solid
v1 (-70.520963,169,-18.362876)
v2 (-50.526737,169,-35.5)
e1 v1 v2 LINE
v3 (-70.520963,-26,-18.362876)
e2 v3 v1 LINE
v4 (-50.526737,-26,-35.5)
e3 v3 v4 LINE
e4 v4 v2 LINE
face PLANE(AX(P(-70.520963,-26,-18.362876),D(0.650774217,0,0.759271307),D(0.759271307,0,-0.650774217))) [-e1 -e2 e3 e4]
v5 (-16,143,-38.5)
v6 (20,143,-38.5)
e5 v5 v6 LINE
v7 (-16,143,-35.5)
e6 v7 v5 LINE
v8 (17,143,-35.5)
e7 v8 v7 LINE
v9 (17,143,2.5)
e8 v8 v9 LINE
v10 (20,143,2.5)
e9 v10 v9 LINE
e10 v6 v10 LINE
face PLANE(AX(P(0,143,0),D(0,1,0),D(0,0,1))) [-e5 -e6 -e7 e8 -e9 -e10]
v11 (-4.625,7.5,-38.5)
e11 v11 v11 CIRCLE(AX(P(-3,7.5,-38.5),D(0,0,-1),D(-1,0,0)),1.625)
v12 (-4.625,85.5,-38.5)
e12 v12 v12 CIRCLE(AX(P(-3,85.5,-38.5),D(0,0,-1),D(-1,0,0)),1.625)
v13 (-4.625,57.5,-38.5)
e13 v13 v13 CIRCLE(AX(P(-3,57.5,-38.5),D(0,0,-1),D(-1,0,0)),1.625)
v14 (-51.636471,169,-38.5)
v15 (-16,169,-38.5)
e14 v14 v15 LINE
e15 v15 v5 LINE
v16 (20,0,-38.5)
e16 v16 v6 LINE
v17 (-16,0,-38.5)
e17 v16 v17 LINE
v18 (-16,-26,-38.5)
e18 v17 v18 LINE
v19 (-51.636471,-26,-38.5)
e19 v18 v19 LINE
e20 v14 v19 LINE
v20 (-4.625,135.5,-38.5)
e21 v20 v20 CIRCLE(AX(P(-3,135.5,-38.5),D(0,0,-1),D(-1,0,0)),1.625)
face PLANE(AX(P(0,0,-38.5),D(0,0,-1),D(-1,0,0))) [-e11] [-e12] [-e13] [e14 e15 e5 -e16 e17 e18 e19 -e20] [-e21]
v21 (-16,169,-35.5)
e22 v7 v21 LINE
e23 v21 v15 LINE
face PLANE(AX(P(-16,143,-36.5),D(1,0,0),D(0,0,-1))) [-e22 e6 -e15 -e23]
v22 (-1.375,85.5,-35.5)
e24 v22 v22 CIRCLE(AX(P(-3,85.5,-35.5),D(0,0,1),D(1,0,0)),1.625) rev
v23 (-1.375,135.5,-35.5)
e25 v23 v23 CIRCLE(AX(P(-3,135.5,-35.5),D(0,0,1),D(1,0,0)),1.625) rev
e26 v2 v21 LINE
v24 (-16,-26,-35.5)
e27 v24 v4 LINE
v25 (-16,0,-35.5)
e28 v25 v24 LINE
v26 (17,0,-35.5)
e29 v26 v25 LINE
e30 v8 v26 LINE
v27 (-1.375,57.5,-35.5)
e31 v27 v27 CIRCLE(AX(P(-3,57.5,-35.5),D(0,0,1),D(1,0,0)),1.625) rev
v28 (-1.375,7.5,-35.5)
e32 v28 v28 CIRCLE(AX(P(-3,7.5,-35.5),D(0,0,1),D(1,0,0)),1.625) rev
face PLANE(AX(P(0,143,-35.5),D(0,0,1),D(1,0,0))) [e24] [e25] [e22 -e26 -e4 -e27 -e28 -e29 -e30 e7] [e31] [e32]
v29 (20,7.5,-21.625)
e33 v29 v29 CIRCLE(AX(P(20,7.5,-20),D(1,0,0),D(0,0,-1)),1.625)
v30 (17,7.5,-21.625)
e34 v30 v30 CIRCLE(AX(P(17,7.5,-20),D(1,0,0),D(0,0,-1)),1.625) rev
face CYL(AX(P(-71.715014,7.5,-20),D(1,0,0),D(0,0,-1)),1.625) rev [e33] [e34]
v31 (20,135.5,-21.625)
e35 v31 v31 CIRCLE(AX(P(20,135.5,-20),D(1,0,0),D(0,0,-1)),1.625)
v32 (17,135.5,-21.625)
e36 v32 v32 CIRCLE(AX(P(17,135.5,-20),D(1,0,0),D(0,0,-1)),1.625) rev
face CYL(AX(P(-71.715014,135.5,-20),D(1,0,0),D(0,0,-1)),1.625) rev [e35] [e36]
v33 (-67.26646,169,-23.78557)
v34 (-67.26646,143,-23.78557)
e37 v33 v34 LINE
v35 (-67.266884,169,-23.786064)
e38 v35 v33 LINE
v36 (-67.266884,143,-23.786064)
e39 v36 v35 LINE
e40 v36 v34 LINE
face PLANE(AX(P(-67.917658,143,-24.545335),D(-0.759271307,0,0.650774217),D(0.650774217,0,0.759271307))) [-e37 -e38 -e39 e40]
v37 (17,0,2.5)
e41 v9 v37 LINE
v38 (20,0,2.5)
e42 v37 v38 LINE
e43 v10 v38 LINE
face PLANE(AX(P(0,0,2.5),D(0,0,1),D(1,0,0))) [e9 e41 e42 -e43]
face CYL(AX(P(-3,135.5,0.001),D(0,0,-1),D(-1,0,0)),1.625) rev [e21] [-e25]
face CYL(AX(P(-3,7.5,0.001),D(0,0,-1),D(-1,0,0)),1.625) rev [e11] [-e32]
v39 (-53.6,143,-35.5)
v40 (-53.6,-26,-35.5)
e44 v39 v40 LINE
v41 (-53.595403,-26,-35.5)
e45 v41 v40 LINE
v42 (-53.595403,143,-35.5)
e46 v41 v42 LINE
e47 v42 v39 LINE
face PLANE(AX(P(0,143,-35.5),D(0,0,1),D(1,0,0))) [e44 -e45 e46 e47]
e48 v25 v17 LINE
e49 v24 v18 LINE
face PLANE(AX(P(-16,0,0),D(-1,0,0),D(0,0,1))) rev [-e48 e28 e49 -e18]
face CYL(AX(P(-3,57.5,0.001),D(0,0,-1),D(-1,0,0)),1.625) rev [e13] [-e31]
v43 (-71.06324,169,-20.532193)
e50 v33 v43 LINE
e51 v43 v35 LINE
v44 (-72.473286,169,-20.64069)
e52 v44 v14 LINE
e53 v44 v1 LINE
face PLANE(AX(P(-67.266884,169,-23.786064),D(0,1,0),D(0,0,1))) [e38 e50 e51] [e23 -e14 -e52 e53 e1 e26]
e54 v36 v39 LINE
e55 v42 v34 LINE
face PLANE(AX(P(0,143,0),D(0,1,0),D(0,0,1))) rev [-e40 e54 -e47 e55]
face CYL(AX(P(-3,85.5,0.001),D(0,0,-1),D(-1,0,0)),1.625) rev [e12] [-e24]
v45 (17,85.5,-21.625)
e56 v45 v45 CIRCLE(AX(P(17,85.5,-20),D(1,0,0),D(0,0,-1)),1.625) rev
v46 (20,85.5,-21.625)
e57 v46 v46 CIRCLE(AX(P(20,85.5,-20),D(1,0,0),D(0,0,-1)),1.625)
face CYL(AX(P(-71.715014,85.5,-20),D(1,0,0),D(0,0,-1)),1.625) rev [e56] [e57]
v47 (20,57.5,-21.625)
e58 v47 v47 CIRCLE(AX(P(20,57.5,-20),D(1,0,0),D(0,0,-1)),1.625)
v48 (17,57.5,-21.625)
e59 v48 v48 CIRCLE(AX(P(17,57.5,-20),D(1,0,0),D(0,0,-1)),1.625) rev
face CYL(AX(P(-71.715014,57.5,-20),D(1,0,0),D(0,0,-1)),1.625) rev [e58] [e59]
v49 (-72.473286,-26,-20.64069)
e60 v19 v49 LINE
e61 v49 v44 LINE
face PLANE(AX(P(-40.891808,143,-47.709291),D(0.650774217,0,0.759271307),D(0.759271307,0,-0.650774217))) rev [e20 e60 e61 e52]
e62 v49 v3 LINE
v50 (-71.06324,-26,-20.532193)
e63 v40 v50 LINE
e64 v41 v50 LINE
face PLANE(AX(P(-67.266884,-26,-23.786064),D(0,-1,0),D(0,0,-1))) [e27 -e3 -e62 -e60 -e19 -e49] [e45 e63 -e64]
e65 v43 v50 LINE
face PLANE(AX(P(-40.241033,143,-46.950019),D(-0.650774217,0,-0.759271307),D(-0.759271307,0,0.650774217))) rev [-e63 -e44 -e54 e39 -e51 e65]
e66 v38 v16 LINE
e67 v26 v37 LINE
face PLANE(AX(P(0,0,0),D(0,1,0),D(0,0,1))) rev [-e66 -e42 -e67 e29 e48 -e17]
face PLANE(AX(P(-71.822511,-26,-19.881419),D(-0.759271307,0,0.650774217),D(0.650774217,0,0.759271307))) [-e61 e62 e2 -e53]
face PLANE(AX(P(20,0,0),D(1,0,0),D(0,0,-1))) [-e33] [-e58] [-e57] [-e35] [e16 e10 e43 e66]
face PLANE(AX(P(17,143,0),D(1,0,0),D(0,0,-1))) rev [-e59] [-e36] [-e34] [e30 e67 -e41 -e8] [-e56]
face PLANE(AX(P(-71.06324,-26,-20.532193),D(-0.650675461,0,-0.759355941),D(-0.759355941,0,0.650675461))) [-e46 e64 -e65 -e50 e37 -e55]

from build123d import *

# Parameters (mm, degrees)
SALIENTE_EXTRUIR1_DEPTH    = 143
CORTAR_EXTRUIR1_REACH      = 91.714
CROQUIS2_R                 = 1.625
CORTAR_EXTRUIR2_REACH      = 38.5
CROQUIS3_R                 = 1.625
CROQUIS4_W                 = 7.355559709
CROQUIS4_H                 = 144.434060974
CORTAR_EXTRUIR3_DEPTH      = 30
SALIENTE_EXTRUIR2_DEPTH    = 1
CROQUIS6_W                 = 1
CROQUIS6_H                 = 143
SALIENTE_EXTRUIR3_DEPTH    = 3.5
SALIENTE_EXTRUIR4_DEPTH    = 26
SALIENTE_EXTRUIR5_DEPTH    = 26
SALIENTE_EXTRUIR6_DEPTH    = 195
CROQUIS10_R                = 1.625
SALIENTE_EXTRUIR7_DEPTH    = 2
CORTAR_EXTRUIR4_DEPTH      = 1
CORTAR_EXTRUIR4_DEPTH_BACK = 196
CROQUIS12_W                = 41
CROQUIS12_H                = 143
CROQUIS12_R                = 1.625
SALIENTE_EXTRUIR8_DEPTH    = 2


with BuildPart() as part:
    # Croquis1 → Saliente-Extruir1 (new body)
    with BuildSketch(Plane(origin=(0, 0, 0), x_dir=(1, 0, 0), z_dir=(0, 1, 0))):
        Polygon((0, 0), (18, 0), (18, 36.5), (-53.969911232, 36.5), (-71.714014286, 21.29146431), (-71.063240069, 20.532193003), (-53.6, 35.5), (17, 35.5), (17, 1), (0, 1), align=None)
    extrude(amount=SALIENTE_EXTRUIR1_DEPTH)

    # Croquis2 → Cortar-Extruir1 (cut, up to next)
    with BuildSketch(Plane(origin=(18, 0, 0), x_dir=(0, 0, -1), z_dir=(1, 0, 0)), mode=Mode.PRIVATE) as cortar_extruir1_sk1:
        with Locations((20, 135.5)):
            Circle(CROQUIS2_R)
    cortar_extruir1_tool1 = extrude(cortar_extruir1_sk1.sketch, amount=-CORTAR_EXTRUIR1_REACH, mode=Mode.PRIVATE) & part.part
    add(cortar_extruir1_tool1.solids().sort_by_distance((18, 135.5, -20))[0], mode=Mode.SUBTRACT)
    # Croquis2 → Cortar-Extruir1 (cut, up to next)
    with BuildSketch(Plane(origin=(18, 0, 0), x_dir=(0, 0, -1), z_dir=(1, 0, 0)), mode=Mode.PRIVATE) as cortar_extruir1_sk2:
        with Locations((20, 7.5)):
            Circle(CROQUIS2_R)
    cortar_extruir1_tool2 = extrude(cortar_extruir1_sk2.sketch, amount=-CORTAR_EXTRUIR1_REACH, mode=Mode.PRIVATE) & part.part
    add(cortar_extruir1_tool2.solids().sort_by_distance((18, 7.5, -20))[0], mode=Mode.SUBTRACT)
    # Croquis2 → Cortar-Extruir1 (cut, up to next)
    with BuildSketch(Plane(origin=(18, 0, 0), x_dir=(0, 0, -1), z_dir=(1, 0, 0)), mode=Mode.PRIVATE) as cortar_extruir1_sk3:
        with Locations((20, 85.5)):
            Circle(CROQUIS2_R)
    cortar_extruir1_tool3 = extrude(cortar_extruir1_sk3.sketch, amount=-CORTAR_EXTRUIR1_REACH, mode=Mode.PRIVATE) & part.part
    add(cortar_extruir1_tool3.solids().sort_by_distance((18, 85.5, -20))[0], mode=Mode.SUBTRACT)
    # Croquis2 → Cortar-Extruir1 (cut, up to next)
    with BuildSketch(Plane(origin=(18, 0, 0), x_dir=(0, 0, -1), z_dir=(1, 0, 0)), mode=Mode.PRIVATE) as cortar_extruir1_sk4:
        with Locations((20, 57.5)):
            Circle(CROQUIS2_R)
    cortar_extruir1_tool4 = extrude(cortar_extruir1_sk4.sketch, amount=-CORTAR_EXTRUIR1_REACH, mode=Mode.PRIVATE) & part.part
    add(cortar_extruir1_tool4.solids().sort_by_distance((18, 57.5, -20))[0], mode=Mode.SUBTRACT)

    # Croquis3 → Cortar-Extruir2 (cut, up to next)
    with BuildSketch(Plane(origin=(0, 0, -36.5), x_dir=(-1, 0, 0), z_dir=(0, 0, -1)), mode=Mode.PRIVATE) as cortar_extruir2_sk1:
        with Locations((3, 7.5)):
            Circle(CROQUIS3_R)
    cortar_extruir2_tool1 = extrude(cortar_extruir2_sk1.sketch, amount=-CORTAR_EXTRUIR2_REACH, mode=Mode.PRIVATE) & part.part
    add(cortar_extruir2_tool1.solids().sort_by_distance((-3, 7.5, -36.5))[0], mode=Mode.SUBTRACT)
    # Croquis3 → Cortar-Extruir2 (cut, up to next)
    with BuildSketch(Plane(origin=(0, 0, -36.5), x_dir=(-1, 0, 0), z_dir=(0, 0, -1)), mode=Mode.PRIVATE) as cortar_extruir2_sk2:
        with Locations((3, 135.5)):
            Circle(CROQUIS3_R)
    cortar_extruir2_tool2 = extrude(cortar_extruir2_sk2.sketch, amount=-CORTAR_EXTRUIR2_REACH, mode=Mode.PRIVATE) & part.part
    add(cortar_extruir2_tool2.solids().sort_by_distance((-3, 135.5, -36.5))[0], mode=Mode.SUBTRACT)
    # Croquis3 → Cortar-Extruir2 (cut, up to next)
    with BuildSketch(Plane(origin=(0, 0, -36.5), x_dir=(-1, 0, 0), z_dir=(0, 0, -1)), mode=Mode.PRIVATE) as cortar_extruir2_sk3:
        with Locations((3, 57.5)):
            Circle(CROQUIS3_R)
    cortar_extruir2_tool3 = extrude(cortar_extruir2_sk3.sketch, amount=-CORTAR_EXTRUIR2_REACH, mode=Mode.PRIVATE) & part.part
    add(cortar_extruir2_tool3.solids().sort_by_distance((-3, 57.5, -36.5))[0], mode=Mode.SUBTRACT)
    # Croquis3 → Cortar-Extruir2 (cut, up to next)
    with BuildSketch(Plane(origin=(0, 0, -36.5), x_dir=(-1, 0, 0), z_dir=(0, 0, -1)), mode=Mode.PRIVATE) as cortar_extruir2_sk4:
        with Locations((3, 85.5)):
            Circle(CROQUIS3_R)
    cortar_extruir2_tool4 = extrude(cortar_extruir2_sk4.sketch, amount=-CORTAR_EXTRUIR2_REACH, mode=Mode.PRIVATE) & part.part
    add(cortar_extruir2_tool4.solids().sort_by_distance((-3, 85.5, -36.5))[0], mode=Mode.SUBTRACT)

    # Croquis4 → Cortar-Extruir3 (cut)
    with BuildSketch(Plane(origin=(18, 0, 0), x_dir=(0, 0, -1), z_dir=(1, 0, 0))):
        with Locations((-2.677779855, 72.217030487)):
            Rectangle(CROQUIS4_W, CROQUIS4_H)
    extrude(amount=-CORTAR_EXTRUIR3_DEPTH, mode=Mode.SUBTRACT)

    # Croquis5 → Saliente-Extruir2 (add)
    with BuildSketch(Plane(origin=(-40.891807576, 0, -47.709290524), x_dir=(-0.759271307, 0, 0.650774217), z_dir=(-0.650774217, 0, -0.759271307))):
        Polygon((17.224546128, 0), (35.59445736, -26), (40.59445736, -26), (40.59445736, 0), (17.59445736, 0), align=None)
        Polygon((40.59445736, 143), (17.59445736, 143), (17.224546128, 143), (35.59445736, 169), (40.59445736, 169), align=None)
    extrude(amount=-SALIENTE_EXTRUIR2_DEPTH)

    # Croquis6 → Saliente-Extruir3 (add)
    with BuildSketch(Plane.XY.offset(-1)):
        with Locations((17.5, 71.5)):
            Rectangle(CROQUIS6_W, CROQUIS6_H)
    extrude(amount=SALIENTE_EXTRUIR3_DEPTH)

    # Croquis7 → Saliente-Extruir4 (add)
    with BuildSketch(Plane.XZ.offset(26)):
        Polygon((-67.266883532, -23.786064089), (-67.917657749, -24.545335397), (-53.972777222, -36.497543549), (-53.969911232, -36.5), (-16, -36.5), (-16, -35.5), (-53.6, -35.5), align=None)
    extrude(amount=-SALIENTE_EXTRUIR4_DEPTH)

    # Croquis8 → Saliente-Extruir5 (add)
    with BuildSketch(Plane(origin=(0, 169, 0), x_dir=(1, 0, 0), z_dir=(0, 1, 0))):
        Polygon((-67.917657749, 24.545335397), (-53.969911232, 36.5), (-16, 36.5), (-16, 35.5), (-53.595402654, 35.5), (-67.264936524, 23.783792475), align=None)
    extrude(amount=-SALIENTE_EXTRUIR5_DEPTH)

    # Croquis9 → Saliente-Extruir6 (add)
    with BuildSketch(Plane(origin=(0, 169, 0), x_dir=(1, 0, 0), z_dir=(0, 1, 0))):
        Polygon((-71.714014286, 21.29146431), (-71.063240069, 20.532193003), (-53.595402654, 35.5), (-50.526737497, 35.5), (-70.520962942, 18.362876171), (-71.822511376, 19.881418786), (-72.473285593, 20.640690093), align=None)
    extrude(amount=-SALIENTE_EXTRUIR6_DEPTH)

    # Croquis10 → Saliente-Extruir7 (add)
    with BuildSketch(Plane(origin=(0, 0, -36.5), x_dir=(-1, 0, 0), z_dir=(0, 0, -1))):
        Polygon((-18, 0), (16, 0), (16, -26), (53.969911232, -26), (53.969911232, 169), (16, 169), (16, 143), (-18, 143), align=None)
        with Locations((3, 7.5)):
            Circle(CROQUIS10_R, mode=Mode.SUBTRACT)
        with Locations((3, 57.5)):
            Circle(CROQUIS10_R, mode=Mode.SUBTRACT)
        with Locations((3, 85.5)):
            Circle(CROQUIS10_R, mode=Mode.SUBTRACT)
        with Locations((3, 135.5)):
            Circle(CROQUIS10_R, mode=Mode.SUBTRACT)
    extrude(amount=SALIENTE_EXTRUIR7_DEPTH)

    # Croquis11 → Cortar-Extruir4 (cut, two sides)
    with BuildSketch(Plane.XZ.offset(26)) as cortar_extruir4_sk:
        Polygon((-53.969911232, -36.5), (-51.636471194, -38.5), (-54.241943892, -38.819087413), align=None)
    extrude(amount=CORTAR_EXTRUIR4_DEPTH, mode=Mode.SUBTRACT)
    extrude(cortar_extruir4_sk.sketch, amount=-CORTAR_EXTRUIR4_DEPTH_BACK, mode=Mode.SUBTRACT)

    # Croquis12 → Saliente-Extruir8 (add)
    with BuildSketch(Plane(origin=(18, 0, 0), x_dir=(0, 0, -1), z_dir=(1, 0, 0))):
        with Locations((18, 71.5)):
            Rectangle(CROQUIS12_W, CROQUIS12_H)
        with Locations((20, 7.5)):
            Circle(CROQUIS12_R, mode=Mode.SUBTRACT)
        with Locations((20, 57.5)):
            Circle(CROQUIS12_R, mode=Mode.SUBTRACT)
        with Locations((20, 85.5)):
            Circle(CROQUIS12_R, mode=Mode.SUBTRACT)
        with Locations((20, 135.5)):
            Circle(CROQUIS12_R, mode=Mode.SUBTRACT)
    extrude(amount=SALIENTE_EXTRUIR8_DEPTH)


solid = part.part
